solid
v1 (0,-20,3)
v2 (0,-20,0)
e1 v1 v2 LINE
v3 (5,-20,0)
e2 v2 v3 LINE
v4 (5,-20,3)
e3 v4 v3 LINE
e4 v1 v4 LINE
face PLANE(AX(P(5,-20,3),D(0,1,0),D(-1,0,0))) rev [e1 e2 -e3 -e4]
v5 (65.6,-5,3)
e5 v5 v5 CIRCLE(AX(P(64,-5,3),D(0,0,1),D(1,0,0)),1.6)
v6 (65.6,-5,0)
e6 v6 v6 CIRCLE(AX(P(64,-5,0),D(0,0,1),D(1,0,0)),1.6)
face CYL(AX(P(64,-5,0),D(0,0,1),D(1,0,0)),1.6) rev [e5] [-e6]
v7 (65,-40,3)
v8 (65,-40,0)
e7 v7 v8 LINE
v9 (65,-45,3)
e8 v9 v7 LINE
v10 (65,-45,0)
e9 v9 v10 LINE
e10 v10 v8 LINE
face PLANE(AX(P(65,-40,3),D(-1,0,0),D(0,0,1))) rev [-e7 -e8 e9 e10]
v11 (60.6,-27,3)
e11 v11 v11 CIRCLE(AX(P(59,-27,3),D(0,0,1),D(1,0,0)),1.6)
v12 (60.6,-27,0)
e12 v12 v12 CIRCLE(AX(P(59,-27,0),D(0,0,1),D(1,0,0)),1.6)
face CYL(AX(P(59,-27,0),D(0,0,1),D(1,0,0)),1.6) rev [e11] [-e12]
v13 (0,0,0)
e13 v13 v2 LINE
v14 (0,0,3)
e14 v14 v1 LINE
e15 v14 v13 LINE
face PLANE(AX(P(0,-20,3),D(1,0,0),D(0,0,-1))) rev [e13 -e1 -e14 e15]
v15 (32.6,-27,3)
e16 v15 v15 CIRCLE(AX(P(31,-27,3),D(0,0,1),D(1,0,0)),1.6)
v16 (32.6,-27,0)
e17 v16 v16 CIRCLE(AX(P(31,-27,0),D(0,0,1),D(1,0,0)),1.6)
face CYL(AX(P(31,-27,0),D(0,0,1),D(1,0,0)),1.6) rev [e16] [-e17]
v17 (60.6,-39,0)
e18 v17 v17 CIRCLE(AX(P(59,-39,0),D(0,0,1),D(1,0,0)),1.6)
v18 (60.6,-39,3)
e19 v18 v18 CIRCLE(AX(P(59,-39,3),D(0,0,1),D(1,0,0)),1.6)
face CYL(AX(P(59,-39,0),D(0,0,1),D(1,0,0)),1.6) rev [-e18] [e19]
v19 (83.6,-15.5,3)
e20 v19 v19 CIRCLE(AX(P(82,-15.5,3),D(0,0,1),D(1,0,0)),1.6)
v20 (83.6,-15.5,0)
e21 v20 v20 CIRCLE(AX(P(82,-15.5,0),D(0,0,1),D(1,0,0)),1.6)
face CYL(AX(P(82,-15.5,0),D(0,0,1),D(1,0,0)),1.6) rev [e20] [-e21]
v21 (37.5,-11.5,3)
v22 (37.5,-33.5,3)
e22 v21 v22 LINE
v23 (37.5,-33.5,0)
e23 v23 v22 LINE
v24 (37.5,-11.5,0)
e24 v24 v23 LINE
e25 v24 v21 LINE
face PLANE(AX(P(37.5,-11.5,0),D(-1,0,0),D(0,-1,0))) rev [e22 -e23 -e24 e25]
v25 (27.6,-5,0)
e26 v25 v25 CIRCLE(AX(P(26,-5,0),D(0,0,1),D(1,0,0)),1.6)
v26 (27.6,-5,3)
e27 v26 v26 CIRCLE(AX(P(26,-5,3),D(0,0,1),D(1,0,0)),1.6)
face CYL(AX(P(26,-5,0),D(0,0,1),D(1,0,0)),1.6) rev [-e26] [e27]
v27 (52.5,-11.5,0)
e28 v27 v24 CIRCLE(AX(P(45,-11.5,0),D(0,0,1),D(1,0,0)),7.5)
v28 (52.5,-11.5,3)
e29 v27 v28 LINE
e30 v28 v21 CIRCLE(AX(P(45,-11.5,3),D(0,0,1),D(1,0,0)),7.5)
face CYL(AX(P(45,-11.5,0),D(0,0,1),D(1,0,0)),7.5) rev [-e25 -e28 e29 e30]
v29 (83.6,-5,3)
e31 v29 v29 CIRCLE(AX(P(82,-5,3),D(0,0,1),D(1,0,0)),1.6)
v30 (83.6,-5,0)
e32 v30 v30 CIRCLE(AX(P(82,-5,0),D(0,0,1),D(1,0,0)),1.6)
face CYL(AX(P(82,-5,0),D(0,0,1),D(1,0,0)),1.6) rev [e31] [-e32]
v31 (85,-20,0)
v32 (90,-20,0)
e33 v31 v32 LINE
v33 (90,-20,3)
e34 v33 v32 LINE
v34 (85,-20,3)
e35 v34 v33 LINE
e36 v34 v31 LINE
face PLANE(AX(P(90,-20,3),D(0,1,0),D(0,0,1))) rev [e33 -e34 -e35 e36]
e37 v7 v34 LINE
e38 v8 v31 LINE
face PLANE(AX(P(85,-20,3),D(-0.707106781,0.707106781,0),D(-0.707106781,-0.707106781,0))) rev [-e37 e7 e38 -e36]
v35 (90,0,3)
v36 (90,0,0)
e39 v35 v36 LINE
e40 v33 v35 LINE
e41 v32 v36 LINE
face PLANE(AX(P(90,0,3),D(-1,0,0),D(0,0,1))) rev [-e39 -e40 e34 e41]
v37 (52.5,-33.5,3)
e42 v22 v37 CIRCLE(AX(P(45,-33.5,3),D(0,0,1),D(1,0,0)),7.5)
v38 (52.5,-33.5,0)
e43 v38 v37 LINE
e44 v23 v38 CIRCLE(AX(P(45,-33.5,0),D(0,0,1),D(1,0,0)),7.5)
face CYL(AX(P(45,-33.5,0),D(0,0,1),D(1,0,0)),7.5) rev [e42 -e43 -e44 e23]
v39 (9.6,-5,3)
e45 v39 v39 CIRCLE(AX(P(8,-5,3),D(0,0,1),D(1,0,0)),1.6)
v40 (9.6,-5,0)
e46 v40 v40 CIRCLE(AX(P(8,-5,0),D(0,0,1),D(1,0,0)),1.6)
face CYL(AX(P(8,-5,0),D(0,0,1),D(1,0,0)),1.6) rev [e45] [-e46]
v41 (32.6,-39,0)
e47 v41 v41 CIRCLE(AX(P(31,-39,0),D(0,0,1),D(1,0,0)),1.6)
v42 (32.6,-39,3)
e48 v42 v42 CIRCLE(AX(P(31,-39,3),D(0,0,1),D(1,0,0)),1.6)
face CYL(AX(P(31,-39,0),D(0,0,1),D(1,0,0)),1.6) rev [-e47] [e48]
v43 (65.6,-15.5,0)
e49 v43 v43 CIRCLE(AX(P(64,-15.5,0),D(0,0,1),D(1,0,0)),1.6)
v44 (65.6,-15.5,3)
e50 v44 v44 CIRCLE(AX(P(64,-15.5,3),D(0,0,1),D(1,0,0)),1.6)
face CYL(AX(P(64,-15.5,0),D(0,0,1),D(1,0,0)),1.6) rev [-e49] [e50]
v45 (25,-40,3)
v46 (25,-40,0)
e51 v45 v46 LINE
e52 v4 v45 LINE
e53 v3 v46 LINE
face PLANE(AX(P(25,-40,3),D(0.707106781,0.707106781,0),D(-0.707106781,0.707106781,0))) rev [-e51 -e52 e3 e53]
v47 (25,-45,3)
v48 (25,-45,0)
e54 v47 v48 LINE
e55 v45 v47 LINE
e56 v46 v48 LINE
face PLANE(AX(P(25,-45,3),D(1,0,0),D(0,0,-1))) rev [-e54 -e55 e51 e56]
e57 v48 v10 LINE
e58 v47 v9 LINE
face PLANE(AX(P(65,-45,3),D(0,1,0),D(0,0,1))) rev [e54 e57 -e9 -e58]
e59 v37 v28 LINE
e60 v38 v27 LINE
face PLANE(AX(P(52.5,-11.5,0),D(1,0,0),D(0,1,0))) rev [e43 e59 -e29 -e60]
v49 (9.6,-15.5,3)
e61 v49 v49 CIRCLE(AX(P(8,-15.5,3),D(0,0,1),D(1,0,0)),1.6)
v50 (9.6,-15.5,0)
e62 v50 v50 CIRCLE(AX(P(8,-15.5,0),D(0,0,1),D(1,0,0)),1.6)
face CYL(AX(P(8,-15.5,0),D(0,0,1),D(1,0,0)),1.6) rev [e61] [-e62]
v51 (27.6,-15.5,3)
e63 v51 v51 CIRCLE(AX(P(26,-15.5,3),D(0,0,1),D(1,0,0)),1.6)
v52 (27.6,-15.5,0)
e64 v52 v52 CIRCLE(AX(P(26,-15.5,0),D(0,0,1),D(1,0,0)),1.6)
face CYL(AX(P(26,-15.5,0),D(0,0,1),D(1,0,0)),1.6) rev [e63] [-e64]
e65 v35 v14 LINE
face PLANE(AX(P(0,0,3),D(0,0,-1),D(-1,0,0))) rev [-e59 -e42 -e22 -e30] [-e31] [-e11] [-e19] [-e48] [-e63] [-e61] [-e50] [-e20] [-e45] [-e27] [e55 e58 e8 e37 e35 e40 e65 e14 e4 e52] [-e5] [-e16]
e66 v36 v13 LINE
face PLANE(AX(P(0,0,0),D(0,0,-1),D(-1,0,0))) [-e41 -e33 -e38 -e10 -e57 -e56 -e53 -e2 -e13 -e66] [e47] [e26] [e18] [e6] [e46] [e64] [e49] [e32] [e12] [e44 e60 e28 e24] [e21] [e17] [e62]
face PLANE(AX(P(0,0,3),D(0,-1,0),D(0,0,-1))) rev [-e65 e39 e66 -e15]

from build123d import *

# Parameters (mm, degrees)
EXTRUDE_1_DEPTH     = 3
SKETCH_2_R          = 1.6
CUT_EXTRUDE_1_DEPTH = 3


with BuildPart() as part:
    # 草图1 → 凸台-拉伸1 (new body)
    with BuildSketch(Plane.XY):
        Polygon((0, 0), (90, 0), (90, -20), (85, -20), (65, -40), (65, -45), (25, -45), (25, -40), (5, -20), (0, -20), align=None)
    extrude(amount=EXTRUDE_1_DEPTH)

    # 草图2 → 切除-拉伸1 (cut)
    with BuildSketch(Plane.XY.offset(3)):
        with Locations((82, -5)):
            Circle(SKETCH_2_R)
        with Locations((82, -15.5)):
            Circle(SKETCH_2_R)
        with Locations((64, -15.5)):
            Circle(SKETCH_2_R)
        with Locations((64, -5)):
            Circle(SKETCH_2_R)
        with Locations((26, -5)):
            Circle(SKETCH_2_R)
        with Locations((26, -15.5)):
            Circle(SKETCH_2_R)
        with Locations((8, -5)):
            Circle(SKETCH_2_R)
        with Locations((8, -15.5)):
            Circle(SKETCH_2_R)
        with Locations((31, -27)):
            Circle(SKETCH_2_R)
        with Locations((31, -39)):
            Circle(SKETCH_2_R)
        with Locations((59, -27)):
            Circle(SKETCH_2_R)
        with Locations((59, -39)):
            Circle(SKETCH_2_R)
        with BuildLine():
            Line((52.5, -11.5), (52.5, -33.5))
            ThreePointArc((52.5, -33.5), (45, -41), (37.5, -33.5))
            Line((37.5, -33.5), (37.5, -11.5))
            ThreePointArc((37.5, -11.5), (45, -4), (52.5, -11.5))
        make_face()
    extrude(amount=-CUT_EXTRUDE_1_DEPTH, mode=Mode.SUBTRACT)


solid = part.part
